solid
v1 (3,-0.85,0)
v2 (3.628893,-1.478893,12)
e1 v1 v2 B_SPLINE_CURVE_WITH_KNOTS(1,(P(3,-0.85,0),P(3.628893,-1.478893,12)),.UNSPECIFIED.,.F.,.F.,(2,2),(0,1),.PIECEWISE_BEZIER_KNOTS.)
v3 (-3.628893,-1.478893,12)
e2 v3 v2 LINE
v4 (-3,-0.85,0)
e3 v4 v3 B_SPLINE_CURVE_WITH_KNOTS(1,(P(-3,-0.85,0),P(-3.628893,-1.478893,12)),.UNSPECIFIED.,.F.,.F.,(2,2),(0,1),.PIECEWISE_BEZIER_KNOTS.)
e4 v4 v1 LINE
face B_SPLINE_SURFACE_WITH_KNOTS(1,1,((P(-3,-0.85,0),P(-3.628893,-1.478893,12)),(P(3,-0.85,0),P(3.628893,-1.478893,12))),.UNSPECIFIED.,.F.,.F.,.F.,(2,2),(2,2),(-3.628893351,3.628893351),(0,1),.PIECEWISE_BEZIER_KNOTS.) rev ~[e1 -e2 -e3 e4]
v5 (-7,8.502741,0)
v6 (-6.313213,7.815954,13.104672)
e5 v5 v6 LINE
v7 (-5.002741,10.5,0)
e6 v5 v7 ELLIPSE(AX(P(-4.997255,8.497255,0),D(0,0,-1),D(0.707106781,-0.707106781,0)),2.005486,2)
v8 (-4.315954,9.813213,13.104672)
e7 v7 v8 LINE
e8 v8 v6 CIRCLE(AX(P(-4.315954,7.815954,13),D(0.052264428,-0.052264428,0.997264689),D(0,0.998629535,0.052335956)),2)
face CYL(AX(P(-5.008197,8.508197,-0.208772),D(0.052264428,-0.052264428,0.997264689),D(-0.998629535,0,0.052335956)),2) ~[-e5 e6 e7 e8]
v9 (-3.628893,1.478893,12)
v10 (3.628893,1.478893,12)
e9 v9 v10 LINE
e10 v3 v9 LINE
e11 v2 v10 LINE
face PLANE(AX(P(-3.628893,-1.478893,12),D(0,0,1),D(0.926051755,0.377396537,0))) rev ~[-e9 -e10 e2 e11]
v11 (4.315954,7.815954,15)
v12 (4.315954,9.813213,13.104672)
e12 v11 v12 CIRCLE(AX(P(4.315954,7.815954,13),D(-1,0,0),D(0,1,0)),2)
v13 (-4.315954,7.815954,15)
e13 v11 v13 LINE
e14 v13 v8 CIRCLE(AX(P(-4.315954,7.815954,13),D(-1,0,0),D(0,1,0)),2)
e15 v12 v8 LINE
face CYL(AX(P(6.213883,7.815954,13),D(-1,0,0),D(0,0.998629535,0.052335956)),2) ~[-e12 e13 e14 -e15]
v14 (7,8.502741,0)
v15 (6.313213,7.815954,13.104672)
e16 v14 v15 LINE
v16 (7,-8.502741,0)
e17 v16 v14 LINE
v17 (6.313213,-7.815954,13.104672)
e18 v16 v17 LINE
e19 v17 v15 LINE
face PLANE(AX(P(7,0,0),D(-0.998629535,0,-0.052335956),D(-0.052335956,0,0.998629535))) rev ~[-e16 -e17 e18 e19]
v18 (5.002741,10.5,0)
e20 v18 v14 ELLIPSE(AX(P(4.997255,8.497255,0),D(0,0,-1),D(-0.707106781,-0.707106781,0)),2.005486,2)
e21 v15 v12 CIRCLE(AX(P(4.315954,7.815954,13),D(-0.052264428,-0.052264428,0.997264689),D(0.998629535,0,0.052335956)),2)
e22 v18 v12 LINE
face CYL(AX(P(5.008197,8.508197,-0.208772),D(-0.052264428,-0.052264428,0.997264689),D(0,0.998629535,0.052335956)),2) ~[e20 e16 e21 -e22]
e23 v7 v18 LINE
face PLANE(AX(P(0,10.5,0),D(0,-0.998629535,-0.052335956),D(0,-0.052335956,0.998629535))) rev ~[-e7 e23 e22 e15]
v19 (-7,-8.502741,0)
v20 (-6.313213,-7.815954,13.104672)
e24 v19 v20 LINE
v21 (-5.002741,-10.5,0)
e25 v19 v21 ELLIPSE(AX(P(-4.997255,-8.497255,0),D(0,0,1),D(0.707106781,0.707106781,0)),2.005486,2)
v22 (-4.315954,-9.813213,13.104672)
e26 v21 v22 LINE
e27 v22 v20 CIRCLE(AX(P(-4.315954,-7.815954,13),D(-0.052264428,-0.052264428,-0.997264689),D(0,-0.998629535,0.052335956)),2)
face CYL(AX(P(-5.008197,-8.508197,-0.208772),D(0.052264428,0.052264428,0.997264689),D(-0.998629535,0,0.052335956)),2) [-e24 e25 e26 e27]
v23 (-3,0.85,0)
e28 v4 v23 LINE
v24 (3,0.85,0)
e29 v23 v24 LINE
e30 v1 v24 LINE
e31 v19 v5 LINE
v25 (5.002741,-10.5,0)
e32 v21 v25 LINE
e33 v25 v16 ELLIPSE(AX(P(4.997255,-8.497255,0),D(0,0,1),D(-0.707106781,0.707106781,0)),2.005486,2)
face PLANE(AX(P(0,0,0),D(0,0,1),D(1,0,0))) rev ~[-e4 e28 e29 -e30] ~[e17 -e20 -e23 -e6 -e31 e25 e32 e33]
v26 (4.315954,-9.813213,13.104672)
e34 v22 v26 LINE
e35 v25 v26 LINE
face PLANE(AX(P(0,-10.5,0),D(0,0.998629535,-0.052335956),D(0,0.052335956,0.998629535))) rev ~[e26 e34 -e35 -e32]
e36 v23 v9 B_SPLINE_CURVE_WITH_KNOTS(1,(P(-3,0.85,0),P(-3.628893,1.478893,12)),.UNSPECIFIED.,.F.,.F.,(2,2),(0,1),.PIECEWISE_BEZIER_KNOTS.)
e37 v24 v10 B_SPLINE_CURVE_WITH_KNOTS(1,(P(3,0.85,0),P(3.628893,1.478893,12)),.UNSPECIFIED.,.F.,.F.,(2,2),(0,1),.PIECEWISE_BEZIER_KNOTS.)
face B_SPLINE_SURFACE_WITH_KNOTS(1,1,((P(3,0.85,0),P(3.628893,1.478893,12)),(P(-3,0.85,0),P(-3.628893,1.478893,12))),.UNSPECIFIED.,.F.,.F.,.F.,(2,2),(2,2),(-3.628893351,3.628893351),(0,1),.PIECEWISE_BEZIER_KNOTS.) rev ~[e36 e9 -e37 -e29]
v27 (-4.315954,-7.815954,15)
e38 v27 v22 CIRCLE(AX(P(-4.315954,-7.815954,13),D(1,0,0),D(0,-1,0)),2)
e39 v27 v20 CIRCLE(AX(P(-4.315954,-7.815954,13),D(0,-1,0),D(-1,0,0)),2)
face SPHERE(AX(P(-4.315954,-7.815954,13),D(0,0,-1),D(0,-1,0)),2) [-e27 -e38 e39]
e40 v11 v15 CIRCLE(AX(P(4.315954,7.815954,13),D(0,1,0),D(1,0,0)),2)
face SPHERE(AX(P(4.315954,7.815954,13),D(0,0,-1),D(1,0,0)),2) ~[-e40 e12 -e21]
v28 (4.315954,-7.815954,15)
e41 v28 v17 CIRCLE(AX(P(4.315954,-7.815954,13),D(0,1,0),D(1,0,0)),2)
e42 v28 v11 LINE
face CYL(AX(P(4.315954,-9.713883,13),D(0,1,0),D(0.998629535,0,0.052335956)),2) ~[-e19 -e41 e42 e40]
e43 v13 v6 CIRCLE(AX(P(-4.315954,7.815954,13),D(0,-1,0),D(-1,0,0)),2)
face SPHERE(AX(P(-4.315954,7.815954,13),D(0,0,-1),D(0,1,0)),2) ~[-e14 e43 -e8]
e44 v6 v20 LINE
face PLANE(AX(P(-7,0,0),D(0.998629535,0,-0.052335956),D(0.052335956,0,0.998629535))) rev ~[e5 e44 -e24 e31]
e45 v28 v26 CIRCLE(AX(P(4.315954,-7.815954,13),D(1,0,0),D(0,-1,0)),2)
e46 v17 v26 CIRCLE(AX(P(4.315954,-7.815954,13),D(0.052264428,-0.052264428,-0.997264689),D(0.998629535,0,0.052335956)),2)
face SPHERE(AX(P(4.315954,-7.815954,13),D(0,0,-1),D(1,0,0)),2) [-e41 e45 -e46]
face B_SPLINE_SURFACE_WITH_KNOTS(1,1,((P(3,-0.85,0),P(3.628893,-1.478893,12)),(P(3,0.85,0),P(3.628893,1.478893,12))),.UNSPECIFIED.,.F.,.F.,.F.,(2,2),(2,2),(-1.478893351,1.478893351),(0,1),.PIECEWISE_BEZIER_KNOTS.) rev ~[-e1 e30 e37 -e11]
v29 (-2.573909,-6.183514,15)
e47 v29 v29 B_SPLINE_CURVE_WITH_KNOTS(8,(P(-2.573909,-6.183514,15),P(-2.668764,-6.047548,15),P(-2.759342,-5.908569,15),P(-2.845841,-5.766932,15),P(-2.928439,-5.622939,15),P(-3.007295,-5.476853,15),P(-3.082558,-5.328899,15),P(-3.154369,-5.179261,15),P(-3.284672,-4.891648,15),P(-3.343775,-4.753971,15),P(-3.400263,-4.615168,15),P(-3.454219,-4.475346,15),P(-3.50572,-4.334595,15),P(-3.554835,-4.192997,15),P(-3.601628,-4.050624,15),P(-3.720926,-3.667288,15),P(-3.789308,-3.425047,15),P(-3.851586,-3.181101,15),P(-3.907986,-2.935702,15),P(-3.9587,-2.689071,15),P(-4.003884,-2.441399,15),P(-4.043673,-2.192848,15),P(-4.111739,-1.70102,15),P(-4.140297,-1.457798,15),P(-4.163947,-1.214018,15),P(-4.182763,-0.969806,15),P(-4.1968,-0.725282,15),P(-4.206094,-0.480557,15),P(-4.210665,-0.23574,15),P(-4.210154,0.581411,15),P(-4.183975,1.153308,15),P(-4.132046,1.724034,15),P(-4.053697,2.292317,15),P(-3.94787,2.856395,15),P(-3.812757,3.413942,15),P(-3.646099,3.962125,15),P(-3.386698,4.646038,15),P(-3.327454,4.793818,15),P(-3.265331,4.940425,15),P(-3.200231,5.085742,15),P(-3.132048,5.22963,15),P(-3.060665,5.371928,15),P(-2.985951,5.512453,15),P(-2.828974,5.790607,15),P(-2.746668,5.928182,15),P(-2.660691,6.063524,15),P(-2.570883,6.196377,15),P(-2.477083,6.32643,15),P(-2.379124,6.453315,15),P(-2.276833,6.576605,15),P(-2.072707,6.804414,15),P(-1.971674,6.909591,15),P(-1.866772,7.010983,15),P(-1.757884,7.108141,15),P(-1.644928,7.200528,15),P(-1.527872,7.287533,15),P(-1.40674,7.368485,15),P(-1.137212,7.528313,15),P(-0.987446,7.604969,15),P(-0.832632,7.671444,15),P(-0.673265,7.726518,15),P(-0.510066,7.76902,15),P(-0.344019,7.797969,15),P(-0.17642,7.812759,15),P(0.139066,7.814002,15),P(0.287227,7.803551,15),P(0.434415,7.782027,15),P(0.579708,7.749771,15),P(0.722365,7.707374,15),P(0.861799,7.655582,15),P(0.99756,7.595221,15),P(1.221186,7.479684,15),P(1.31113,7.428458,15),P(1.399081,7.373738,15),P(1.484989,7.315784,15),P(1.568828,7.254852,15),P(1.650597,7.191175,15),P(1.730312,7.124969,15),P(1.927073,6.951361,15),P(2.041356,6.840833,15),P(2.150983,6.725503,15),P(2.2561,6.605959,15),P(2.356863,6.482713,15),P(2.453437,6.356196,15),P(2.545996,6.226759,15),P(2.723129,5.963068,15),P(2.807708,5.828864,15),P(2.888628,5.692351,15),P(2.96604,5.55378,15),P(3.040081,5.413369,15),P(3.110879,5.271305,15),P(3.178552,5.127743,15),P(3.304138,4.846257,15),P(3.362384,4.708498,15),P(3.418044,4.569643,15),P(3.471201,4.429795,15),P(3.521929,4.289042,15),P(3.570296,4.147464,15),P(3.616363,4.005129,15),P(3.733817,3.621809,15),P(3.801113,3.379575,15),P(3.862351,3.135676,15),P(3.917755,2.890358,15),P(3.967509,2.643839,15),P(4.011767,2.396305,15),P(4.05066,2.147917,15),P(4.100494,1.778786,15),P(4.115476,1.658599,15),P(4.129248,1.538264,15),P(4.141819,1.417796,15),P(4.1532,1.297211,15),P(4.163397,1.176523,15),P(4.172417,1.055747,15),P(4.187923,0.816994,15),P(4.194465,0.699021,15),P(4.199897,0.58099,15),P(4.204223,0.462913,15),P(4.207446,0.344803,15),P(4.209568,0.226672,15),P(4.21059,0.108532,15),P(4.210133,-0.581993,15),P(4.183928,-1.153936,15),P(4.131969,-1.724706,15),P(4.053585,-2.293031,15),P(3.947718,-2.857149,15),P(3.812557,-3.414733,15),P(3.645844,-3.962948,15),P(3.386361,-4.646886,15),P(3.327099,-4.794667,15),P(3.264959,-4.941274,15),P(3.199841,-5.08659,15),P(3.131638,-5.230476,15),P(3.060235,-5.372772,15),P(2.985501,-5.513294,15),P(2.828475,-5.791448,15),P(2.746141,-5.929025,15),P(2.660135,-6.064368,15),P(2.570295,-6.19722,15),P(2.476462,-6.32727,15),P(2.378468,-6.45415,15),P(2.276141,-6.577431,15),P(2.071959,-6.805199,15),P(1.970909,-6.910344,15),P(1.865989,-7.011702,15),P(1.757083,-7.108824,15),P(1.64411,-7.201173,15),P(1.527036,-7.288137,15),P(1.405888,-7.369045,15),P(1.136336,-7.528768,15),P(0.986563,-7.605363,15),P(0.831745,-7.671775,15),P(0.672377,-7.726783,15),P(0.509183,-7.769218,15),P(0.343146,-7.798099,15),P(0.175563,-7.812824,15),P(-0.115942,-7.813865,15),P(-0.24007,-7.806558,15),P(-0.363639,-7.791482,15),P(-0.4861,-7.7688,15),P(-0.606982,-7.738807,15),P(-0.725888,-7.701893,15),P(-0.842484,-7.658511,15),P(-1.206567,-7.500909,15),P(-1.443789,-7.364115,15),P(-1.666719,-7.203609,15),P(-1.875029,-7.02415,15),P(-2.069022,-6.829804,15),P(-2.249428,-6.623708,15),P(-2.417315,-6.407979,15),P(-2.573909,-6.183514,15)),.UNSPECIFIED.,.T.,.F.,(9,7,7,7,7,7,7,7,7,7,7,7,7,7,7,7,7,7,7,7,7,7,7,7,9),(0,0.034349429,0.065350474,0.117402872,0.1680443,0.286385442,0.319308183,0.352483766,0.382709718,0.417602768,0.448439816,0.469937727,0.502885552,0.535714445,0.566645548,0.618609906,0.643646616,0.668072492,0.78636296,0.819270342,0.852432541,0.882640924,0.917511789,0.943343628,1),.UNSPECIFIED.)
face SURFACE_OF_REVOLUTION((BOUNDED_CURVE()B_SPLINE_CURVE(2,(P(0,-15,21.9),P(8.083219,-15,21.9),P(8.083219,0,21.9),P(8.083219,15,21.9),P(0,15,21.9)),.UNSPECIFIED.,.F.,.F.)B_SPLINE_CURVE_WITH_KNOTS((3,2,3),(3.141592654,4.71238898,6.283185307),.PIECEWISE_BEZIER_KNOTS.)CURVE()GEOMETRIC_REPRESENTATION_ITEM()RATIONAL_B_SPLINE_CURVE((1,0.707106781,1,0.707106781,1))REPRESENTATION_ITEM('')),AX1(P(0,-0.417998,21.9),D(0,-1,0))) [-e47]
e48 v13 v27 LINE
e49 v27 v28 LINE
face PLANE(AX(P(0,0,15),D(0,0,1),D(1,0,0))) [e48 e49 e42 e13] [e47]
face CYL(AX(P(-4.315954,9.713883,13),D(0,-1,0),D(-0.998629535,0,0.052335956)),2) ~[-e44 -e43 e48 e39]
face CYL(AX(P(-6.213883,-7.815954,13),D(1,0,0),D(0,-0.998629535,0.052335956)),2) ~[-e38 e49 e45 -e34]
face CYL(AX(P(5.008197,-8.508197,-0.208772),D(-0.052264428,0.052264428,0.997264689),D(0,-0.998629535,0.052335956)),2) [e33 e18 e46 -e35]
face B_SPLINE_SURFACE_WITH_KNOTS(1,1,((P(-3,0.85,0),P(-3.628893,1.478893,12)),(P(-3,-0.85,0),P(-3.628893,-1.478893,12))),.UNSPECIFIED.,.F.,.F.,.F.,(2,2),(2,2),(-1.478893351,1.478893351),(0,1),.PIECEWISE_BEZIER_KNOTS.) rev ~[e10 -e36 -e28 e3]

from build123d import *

# Parameters (mm, degrees)
F0_W     = 14
F0_H     = 21
F0_W_2   = 6
F0_H_2   = 1.7
F1_DEPTH = 15
F1_TAPER = 3
F2_DEPTH = 12
F2_TAPER = -3
F3_R     = 2


with BuildPart() as f1:
    # F0 (on Top) → F1 (new body)
    with BuildSketch(Plane.XY):
        Rectangle(F0_W, F0_H)
        Rectangle(F0_W_2, F0_H_2, mode=Mode.SUBTRACT)
        Rectangle(F0_W_2, F0_H_2)
    extrude(amount=F1_DEPTH, taper=F1_TAPER)

    # F0 (on Top) → F2 (cut)
    with BuildSketch(Plane.XY):
        Rectangle(F0_W_2, F0_H_2)
    extrude(amount=F2_DEPTH, taper=F2_TAPER, mode=Mode.SUBTRACT)

    # F3
    f3_edges = [f1.edges().sort_by_distance(p)[0] for p in [
        (-6.606942, 10.106942, 7.5),
        (-6.606942, -10.106942, 7.5),
        (6.606942, 10.106942, 7.5),
        (6.606942, -10.106942, 7.5),
        (6.213883, 0, 15),
        (0, -9.713883, 15),
        (0, 9.713883, 15),
        (-6.213883, 0, 15),
    ]]
    fillet(f3_edges, radius=F3_R)


with BuildPart() as f5:
    # F4 (on Top) → F5 (revolve)
    with BuildSketch(Plane.XY):
        with BuildLine():
            Line((0, 15), (0, -15))
            add(Edge.make_bspline(
                [(0, -15), (8.0832192465, -15), (8.0832192465, 0), (8.0832192465, 15), (0, 15)],
                knots=[3.1415926536, 3.1415926536, 3.1415926536, 4.7123889804, 4.7123889804, 6.2831853072, 6.2831853072, 6.2831853072], degree=2, weights=[1, 0.7071067812, 1, 0.7071067812, 1]))
        make_face()
    revolve(axis=Axis((0, -0.4179980606, 0), (0, -1, 0)))


with BuildPart() as f5_1:
    # F6: moved
    add(f5.part.moved(Location((0, 0, 21.9))))


with BuildPart() as f1_1:
    add(f1.part)

    # F7: cut F5
    add(f5_1.part, mode=Mode.SUBTRACT)


solid = f1_1.part
